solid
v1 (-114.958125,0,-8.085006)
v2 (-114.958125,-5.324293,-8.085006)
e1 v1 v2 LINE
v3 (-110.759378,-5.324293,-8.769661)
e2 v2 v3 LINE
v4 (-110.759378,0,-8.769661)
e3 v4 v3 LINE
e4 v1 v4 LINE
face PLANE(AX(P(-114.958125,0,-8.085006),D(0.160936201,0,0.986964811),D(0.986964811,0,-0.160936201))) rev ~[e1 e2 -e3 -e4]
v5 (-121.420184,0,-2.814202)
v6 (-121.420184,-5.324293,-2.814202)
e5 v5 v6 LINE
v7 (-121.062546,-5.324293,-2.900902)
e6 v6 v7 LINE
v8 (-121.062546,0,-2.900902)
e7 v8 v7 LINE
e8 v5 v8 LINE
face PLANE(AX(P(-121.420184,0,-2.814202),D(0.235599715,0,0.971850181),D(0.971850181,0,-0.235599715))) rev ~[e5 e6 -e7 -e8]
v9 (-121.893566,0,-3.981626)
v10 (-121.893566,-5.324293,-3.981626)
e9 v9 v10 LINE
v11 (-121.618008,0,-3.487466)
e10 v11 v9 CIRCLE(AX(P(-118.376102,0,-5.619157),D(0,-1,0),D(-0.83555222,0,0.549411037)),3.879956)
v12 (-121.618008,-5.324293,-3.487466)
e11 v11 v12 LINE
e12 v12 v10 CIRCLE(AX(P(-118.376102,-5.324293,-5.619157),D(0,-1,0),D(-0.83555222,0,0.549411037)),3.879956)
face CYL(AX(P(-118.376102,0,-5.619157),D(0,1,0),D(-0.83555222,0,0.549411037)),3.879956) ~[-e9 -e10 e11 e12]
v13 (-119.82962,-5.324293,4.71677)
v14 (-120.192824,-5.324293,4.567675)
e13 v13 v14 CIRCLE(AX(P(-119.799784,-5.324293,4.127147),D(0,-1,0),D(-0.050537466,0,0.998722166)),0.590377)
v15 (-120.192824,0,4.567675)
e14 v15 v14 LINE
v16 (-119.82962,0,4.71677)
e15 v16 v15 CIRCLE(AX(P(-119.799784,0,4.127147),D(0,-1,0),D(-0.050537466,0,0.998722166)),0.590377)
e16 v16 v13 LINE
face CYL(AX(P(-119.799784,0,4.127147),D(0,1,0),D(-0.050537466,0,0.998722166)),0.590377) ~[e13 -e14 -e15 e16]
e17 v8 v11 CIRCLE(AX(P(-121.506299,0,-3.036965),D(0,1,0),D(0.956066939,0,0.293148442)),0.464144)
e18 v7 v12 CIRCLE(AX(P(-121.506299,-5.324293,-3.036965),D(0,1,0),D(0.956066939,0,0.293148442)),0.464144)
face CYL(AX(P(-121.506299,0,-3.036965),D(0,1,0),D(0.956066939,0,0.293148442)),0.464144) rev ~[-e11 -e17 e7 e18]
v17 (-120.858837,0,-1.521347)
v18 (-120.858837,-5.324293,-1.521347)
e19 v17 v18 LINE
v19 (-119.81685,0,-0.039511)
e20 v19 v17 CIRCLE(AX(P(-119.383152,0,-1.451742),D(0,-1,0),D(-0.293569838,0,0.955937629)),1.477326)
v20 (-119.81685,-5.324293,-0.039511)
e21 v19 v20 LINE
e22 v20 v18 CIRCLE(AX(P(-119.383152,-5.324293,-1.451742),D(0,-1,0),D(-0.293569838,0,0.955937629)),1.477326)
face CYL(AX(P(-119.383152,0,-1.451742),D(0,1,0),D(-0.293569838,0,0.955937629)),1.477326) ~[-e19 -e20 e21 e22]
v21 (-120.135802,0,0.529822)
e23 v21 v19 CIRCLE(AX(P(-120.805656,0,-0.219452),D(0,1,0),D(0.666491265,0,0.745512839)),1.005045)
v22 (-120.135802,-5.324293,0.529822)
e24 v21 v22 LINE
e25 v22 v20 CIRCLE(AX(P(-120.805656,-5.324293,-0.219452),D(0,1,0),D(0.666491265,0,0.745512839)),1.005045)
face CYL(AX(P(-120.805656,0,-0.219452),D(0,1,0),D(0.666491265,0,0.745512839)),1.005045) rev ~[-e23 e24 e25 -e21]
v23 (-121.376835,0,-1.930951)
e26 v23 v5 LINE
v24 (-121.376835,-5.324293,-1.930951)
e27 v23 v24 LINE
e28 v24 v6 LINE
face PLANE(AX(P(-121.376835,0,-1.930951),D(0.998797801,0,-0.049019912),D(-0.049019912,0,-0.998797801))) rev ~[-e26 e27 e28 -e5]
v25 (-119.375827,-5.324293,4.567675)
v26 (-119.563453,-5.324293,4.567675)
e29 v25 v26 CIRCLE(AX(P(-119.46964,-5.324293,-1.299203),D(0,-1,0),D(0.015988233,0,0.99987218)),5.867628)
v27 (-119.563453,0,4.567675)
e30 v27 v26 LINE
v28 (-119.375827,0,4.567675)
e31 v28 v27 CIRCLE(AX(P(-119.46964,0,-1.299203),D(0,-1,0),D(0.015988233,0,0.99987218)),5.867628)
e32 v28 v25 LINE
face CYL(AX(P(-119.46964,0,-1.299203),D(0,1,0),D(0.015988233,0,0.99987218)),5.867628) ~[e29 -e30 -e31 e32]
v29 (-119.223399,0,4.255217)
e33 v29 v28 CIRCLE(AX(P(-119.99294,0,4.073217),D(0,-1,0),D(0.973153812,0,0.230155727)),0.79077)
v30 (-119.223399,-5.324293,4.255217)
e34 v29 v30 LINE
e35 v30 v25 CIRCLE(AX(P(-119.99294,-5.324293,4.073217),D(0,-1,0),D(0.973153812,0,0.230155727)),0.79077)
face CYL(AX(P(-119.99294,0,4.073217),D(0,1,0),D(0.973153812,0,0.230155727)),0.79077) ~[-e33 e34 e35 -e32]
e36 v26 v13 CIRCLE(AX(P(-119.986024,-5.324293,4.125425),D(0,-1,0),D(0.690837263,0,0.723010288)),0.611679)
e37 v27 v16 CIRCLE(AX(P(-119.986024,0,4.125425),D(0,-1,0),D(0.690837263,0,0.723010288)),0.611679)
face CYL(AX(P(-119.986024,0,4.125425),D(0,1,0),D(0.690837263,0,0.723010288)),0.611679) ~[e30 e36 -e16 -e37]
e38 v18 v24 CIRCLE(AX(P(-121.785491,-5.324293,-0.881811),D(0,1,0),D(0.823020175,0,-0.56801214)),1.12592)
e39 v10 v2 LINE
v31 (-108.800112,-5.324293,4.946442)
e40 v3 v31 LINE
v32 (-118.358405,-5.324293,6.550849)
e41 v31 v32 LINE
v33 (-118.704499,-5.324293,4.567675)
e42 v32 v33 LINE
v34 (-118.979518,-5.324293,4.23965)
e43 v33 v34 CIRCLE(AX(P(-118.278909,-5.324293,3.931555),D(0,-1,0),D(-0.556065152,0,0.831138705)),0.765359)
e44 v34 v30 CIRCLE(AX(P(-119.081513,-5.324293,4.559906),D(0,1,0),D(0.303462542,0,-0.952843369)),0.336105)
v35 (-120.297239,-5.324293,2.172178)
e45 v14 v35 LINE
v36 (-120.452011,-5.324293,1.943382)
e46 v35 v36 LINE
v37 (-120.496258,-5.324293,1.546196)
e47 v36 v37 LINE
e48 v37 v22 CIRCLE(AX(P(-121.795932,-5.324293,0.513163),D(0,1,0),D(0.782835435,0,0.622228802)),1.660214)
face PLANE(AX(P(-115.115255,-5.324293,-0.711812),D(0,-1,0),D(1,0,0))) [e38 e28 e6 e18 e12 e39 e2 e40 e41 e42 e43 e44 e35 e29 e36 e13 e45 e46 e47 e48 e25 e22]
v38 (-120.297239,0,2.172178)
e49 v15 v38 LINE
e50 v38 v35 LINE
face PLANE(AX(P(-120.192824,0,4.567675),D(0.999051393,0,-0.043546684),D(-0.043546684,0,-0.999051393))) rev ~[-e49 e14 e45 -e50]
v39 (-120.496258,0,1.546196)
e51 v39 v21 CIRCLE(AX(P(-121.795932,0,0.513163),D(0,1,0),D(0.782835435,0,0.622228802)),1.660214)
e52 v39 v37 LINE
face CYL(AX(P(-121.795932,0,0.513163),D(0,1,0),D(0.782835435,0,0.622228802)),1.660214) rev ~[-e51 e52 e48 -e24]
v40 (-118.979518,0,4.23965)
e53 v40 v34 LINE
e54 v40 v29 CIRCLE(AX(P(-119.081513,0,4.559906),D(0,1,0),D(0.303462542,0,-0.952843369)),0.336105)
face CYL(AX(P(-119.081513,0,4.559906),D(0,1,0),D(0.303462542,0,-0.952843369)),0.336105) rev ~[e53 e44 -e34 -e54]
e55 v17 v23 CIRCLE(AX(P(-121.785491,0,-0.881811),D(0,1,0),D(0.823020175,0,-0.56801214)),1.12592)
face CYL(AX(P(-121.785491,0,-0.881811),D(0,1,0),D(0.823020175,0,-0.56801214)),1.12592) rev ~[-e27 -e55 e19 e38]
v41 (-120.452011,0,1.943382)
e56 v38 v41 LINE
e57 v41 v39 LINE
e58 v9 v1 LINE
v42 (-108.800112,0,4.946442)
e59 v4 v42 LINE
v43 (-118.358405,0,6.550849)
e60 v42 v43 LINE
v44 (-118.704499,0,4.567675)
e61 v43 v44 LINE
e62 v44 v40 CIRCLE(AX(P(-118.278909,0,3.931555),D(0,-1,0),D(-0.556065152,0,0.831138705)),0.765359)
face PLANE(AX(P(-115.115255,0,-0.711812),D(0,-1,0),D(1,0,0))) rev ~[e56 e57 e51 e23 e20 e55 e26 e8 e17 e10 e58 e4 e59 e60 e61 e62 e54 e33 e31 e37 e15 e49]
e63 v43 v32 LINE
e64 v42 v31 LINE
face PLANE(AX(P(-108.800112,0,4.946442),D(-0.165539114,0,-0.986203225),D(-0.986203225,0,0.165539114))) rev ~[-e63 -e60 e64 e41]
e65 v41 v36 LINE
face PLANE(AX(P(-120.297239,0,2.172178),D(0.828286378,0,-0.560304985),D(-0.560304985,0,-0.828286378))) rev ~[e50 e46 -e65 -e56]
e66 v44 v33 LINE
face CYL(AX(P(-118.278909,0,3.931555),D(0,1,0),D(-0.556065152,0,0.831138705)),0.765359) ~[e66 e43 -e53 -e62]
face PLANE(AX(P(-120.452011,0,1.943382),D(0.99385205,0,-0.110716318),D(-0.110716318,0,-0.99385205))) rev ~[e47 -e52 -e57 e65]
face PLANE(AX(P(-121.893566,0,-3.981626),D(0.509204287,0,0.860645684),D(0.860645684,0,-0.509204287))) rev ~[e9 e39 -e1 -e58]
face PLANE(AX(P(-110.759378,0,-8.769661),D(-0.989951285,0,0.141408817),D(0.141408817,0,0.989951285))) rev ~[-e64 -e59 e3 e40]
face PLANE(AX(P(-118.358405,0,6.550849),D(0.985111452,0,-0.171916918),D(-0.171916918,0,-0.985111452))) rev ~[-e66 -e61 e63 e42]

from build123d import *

# Parameters (mm, degrees)
F1_DEPTH = 5.324293


with BuildPart() as f1:
    # F0 (on Front) → F1 (new body)
    with BuildSketch(Plane.XZ):
        with BuildLine():
            Line((-110.759378, -8.769661), (-108.800112, 4.946442))
            Line((-108.800112, 4.946442), (-118.358405, 6.550849))
            Line((-118.358405, 6.550849), (-118.704499, 4.567675))
            ThreePointArc((-118.704499, 4.567675), (-118.865408, 4.423281), (-118.979518, 4.23965))
            ThreePointArc((-118.979518, 4.23965), (-119.102923, 4.224483), (-119.223399, 4.255217))
            ThreePointArc((-119.223399, 4.255217), (-119.282229, 4.419926), (-119.375827, 4.567675))
            ThreePointArc((-119.375827, 4.567675), (-119.46964, 4.568425), (-119.563453, 4.567675))
            ThreePointArc((-119.563453, 4.567675), (-119.687092, 4.659083), (-119.82962, 4.71677))
            ThreePointArc((-119.82962, 4.71677), (-120.023979, 4.673299), (-120.192824, 4.567675))
            Line((-120.192824, 4.567675), (-120.297239, 2.172178))
            Line((-120.297239, 2.172178), (-120.452011, 1.943382))
            Line((-120.452011, 1.943382), (-120.496258, 1.546196))
            ThreePointArc((-120.496258, 1.546196), (-120.231207, 1.068091), (-120.135802, 0.529822))
            ThreePointArc((-120.135802, 0.529822), (-119.92883, 0.271763), (-119.81685, -0.039511))
            ThreePointArc((-119.81685, -0.039511), (-120.59162, -0.60198), (-120.858837, -1.521347))
            ThreePointArc((-120.858837, -1.521347), (-121.087131, -1.76498), (-121.376835, -1.930951))
            Line((-121.376835, -1.930951), (-121.420184, -2.814202))
            Line((-121.420184, -2.814202), (-121.062546, -2.900902))
            ThreePointArc((-121.062546, -2.900902), (-121.169286, -3.356108), (-121.618008, -3.487466))
            ThreePointArc((-121.618008, -3.487466), (-121.764807, -3.729517), (-121.893566, -3.981626))
            Line((-121.893566, -3.981626), (-114.958125, -8.085006))
            Line((-114.958125, -8.085006), (-110.759378, -8.769661))
        make_face()
    extrude(amount=F1_DEPTH)


solid = f1.part
